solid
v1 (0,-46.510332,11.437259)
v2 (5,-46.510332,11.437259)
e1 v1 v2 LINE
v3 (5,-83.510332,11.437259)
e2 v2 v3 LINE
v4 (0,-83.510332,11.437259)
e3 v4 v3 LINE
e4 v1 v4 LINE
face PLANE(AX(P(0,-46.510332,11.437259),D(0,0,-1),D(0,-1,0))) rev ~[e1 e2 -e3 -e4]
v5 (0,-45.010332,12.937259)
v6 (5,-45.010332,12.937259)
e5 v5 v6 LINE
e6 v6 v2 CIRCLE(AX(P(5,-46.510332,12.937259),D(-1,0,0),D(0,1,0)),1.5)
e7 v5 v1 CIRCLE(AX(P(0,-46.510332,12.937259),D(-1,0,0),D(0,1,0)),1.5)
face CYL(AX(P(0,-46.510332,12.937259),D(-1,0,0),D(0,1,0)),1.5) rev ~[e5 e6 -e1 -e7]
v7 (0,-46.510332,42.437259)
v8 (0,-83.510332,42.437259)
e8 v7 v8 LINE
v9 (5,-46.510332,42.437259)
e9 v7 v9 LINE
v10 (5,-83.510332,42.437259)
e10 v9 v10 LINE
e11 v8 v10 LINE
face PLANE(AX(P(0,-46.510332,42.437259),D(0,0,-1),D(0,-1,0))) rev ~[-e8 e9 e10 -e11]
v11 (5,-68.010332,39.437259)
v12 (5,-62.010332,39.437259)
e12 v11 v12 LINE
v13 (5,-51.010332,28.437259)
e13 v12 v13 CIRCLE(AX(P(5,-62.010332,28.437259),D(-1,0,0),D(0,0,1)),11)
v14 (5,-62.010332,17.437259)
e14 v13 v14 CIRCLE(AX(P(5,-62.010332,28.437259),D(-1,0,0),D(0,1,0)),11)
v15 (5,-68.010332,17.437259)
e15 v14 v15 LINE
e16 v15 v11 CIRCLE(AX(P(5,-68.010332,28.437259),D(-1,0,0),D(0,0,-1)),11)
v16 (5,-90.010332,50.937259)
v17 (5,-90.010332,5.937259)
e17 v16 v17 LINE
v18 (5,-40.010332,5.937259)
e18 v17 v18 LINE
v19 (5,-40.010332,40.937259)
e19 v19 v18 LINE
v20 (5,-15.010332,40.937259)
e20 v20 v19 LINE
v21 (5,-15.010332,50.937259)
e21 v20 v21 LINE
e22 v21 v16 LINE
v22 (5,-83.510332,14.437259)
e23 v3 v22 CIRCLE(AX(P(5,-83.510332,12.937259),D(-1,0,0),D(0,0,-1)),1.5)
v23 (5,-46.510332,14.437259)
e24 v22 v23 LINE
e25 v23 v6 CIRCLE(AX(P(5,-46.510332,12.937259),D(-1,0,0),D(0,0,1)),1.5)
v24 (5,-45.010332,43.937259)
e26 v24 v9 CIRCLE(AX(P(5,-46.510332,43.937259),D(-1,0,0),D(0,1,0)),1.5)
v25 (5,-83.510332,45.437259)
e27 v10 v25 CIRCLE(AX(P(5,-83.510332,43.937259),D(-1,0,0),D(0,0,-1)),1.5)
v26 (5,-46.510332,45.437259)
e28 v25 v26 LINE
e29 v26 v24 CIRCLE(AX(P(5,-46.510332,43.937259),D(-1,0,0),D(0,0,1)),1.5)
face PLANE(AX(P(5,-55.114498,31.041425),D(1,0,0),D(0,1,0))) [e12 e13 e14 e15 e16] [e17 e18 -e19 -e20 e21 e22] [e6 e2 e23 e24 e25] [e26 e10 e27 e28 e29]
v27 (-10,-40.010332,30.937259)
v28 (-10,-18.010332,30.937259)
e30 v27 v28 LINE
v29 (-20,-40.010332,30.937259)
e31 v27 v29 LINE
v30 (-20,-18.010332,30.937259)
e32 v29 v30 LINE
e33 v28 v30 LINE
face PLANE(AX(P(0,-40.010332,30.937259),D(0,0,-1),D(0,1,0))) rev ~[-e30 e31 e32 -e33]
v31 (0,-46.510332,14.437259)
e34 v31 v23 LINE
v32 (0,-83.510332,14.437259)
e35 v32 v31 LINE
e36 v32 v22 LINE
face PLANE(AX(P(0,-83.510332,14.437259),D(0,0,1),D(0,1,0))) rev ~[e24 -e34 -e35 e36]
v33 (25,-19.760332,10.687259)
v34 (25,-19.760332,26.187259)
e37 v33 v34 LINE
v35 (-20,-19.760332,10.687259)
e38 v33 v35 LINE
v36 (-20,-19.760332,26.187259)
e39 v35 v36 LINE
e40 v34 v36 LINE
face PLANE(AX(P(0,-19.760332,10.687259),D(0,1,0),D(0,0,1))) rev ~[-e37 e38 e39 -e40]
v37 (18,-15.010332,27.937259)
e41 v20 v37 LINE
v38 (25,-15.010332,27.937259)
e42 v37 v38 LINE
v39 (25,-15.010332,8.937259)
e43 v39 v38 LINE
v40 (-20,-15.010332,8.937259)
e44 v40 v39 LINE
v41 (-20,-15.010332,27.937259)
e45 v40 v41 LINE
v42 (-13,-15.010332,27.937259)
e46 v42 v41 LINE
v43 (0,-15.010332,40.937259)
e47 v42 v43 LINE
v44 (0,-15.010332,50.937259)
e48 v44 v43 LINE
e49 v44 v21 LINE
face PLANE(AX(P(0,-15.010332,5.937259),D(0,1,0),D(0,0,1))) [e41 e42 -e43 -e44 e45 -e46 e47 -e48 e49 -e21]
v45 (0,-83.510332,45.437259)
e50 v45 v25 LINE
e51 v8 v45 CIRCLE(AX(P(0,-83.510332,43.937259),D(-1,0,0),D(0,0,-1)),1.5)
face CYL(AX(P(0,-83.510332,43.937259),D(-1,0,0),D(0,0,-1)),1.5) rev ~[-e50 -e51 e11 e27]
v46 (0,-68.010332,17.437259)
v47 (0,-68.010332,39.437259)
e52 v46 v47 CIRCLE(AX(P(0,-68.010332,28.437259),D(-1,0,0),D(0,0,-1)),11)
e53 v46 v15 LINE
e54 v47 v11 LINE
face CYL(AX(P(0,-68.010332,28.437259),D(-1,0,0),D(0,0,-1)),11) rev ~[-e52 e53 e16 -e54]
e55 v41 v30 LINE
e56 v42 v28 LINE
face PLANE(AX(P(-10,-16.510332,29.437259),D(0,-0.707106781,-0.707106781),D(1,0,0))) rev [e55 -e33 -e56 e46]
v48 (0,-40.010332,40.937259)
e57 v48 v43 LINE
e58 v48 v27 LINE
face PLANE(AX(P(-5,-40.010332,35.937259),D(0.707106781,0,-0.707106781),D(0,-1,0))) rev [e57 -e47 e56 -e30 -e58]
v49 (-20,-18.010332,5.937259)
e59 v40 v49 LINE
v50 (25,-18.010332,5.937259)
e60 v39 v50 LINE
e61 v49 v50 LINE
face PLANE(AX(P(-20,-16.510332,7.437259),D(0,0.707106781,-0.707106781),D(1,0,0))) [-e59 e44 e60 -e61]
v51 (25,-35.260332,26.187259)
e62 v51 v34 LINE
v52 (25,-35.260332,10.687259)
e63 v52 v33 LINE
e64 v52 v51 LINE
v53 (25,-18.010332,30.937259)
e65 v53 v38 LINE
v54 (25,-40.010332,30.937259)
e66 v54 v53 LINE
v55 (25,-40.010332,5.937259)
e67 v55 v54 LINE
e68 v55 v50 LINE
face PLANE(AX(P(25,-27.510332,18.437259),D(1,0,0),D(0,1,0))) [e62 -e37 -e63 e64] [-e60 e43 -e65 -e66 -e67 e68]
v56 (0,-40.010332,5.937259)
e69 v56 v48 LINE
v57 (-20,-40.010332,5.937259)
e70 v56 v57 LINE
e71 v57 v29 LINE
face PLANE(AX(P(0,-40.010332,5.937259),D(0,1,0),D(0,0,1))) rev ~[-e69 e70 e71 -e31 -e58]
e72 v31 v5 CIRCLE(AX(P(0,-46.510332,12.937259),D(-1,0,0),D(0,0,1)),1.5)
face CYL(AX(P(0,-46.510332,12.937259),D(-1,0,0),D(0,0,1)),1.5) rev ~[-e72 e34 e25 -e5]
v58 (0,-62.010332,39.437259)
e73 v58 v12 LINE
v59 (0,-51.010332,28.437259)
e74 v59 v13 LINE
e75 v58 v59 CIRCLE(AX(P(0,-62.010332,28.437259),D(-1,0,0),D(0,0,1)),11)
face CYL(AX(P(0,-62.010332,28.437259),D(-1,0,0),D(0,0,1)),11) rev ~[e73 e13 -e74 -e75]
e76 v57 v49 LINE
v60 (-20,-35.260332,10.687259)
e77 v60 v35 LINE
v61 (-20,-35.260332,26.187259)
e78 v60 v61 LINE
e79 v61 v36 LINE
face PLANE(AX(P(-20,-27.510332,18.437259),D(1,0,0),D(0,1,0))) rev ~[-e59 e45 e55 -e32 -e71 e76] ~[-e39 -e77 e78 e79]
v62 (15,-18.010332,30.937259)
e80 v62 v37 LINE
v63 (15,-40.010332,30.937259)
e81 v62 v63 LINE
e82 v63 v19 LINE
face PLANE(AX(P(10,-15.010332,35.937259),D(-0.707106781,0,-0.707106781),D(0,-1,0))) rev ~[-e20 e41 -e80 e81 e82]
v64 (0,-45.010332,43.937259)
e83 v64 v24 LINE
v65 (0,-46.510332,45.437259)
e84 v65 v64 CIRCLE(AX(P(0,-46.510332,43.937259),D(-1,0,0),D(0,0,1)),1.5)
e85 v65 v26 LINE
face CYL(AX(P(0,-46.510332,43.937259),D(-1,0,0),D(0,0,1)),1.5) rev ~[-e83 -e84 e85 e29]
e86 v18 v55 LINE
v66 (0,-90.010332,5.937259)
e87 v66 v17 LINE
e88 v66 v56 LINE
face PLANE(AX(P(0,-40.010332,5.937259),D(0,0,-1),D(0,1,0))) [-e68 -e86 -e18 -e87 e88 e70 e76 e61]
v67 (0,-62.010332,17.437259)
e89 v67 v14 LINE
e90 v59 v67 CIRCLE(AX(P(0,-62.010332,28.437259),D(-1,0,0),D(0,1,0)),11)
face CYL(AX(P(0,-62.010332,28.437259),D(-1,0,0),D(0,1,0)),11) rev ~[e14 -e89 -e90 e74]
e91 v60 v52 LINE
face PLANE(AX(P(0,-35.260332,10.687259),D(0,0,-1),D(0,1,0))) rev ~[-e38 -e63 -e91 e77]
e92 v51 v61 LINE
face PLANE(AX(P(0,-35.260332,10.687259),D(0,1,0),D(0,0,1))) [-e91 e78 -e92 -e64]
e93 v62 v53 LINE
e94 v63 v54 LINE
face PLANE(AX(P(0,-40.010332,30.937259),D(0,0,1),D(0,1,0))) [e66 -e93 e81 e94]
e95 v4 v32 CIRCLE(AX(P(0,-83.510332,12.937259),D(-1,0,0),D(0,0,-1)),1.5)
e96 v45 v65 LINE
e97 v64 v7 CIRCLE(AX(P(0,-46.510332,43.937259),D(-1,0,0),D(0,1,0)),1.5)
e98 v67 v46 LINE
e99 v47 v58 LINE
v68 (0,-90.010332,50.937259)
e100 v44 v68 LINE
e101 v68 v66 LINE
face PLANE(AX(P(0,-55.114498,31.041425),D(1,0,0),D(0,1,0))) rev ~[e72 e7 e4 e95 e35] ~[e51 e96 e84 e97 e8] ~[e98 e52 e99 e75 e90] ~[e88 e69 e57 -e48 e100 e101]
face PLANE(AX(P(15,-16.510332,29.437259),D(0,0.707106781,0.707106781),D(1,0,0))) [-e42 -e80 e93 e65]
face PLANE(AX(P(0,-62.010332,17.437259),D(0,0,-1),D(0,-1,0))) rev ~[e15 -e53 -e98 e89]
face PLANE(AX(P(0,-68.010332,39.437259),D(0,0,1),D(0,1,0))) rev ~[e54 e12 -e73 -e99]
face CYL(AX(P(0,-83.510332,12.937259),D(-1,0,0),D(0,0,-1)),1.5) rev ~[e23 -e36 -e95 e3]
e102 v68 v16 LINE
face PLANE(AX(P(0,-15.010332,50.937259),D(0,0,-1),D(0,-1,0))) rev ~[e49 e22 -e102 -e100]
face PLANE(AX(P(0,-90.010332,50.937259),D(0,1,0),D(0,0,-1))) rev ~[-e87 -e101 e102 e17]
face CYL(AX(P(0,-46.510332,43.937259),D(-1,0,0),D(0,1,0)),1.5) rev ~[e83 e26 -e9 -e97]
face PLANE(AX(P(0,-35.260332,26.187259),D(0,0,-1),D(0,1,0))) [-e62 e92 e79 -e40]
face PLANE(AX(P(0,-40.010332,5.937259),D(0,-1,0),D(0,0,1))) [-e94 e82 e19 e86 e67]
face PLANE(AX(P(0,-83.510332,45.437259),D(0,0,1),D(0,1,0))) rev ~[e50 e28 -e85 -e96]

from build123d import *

# Parameters (mm, degrees)
F0_W          = 25
F0_H          = 25
F0_W_2        = 15.5
F0_H_2        = 15.5
F1_DEPTH      = 5
F2_DEPTH      = 25
F2_DEPTH_BACK = 20
F3_SIZE       = 10
F4_SIZE       = 3


with BuildPart() as f1:
    # F0 (on Right) → F1 (new body)
    with BuildSketch(Plane.YZ):
        Polygon((-40.0103315711, 5.9372586757), (-40.0103315711, 30.9372586757), (-15.0103315711, 30.9372586757), (-15.0103315711, 50.9372586757), (-40.0103315711, 50.9372586757), (-90.0103315711, 50.9372586757), (-90.0103315711, 5.9372586757), align=None)
        with BuildLine():
            ThreePointArc((-46.5103315711, 14.4372586757), (-45.4496713993, 13.9979188475), (-45.0103315711, 12.9372586757))
            ThreePointArc((-45.0103315711, 12.9372586757), (-45.4496713993, 11.8765985039), (-46.5103315711, 11.4372586757))
            Line((-46.5103315711, 11.4372586757), (-83.5103315711, 11.4372586757))
            ThreePointArc((-83.5103315711, 11.4372586757), (-85.0103315711, 12.9372586757), (-83.5103315711, 14.4372586757))
            Line((-83.5103315711, 14.4372586757), (-46.5103315711, 14.4372586757))
        make_face(mode=Mode.SUBTRACT)
        with BuildLine():
            ThreePointArc((-62.0103315711, 39.4372586757), (-54.2321569781, 36.2154332687), (-51.0103315711, 28.4372586757))
            ThreePointArc((-51.0103315711, 28.4372586757), (-54.2321569781, 20.6590840826), (-62.0103315711, 17.4372586757))
            Line((-62.0103315711, 17.4372586757), (-68.0103315711, 17.4372586757))
            ThreePointArc((-68.0103315711, 17.4372586757), (-79.0103315711, 28.4372586757), (-68.0103315711, 39.4372586757))
            Line((-68.0103315711, 39.4372586757), (-62.0103315711, 39.4372586757))
        make_face(mode=Mode.SUBTRACT)
        with BuildLine():
            ThreePointArc((-83.5103315711, 42.4372586757), (-85.0103315711, 43.9372586757), (-83.5103315711, 45.4372586757))
            Line((-83.5103315711, 45.4372586757), (-46.5103315711, 45.4372586757))
            ThreePointArc((-46.5103315711, 45.4372586757), (-45.4496713993, 44.9979188475), (-45.0103315711, 43.9372586757))
            ThreePointArc((-45.0103315711, 43.9372586757), (-45.4496713993, 42.8765985039), (-46.5103315711, 42.4372586757))
            Line((-46.5103315711, 42.4372586757), (-83.5103315711, 42.4372586757))
        make_face(mode=Mode.SUBTRACT)
        with Locations((-27.5103315711, 18.4372586757)):
            Rectangle(F0_W, F0_H)
        with Locations((-27.5103315711, 18.4372586757)):
            Rectangle(F0_W_2, F0_H_2, mode=Mode.SUBTRACT)
    extrude(amount=F1_DEPTH)

    # F0 (on Right) → F2 (join, two sides)
    with BuildSketch(Plane.YZ) as f2_sk:
        with Locations((-27.5103315711, 18.4372586757)):
            Rectangle(F0_W, F0_H)
        with Locations((-27.5103315711, 18.4372586757)):
            Rectangle(F0_W_2, F0_H_2, mode=Mode.SUBTRACT)
    extrude(amount=F2_DEPTH)
    extrude(f2_sk.sketch, amount=-F2_DEPTH_BACK)

    # F3
    f3_edges = [f1.edges().sort_by_distance(p)[0] for p in [
        (5, -27.510332, 30.937259),
        (0, -27.510332, 30.937259),
    ]]
    chamfer(f3_edges, length=F3_SIZE)

    # F4
    f4_edges = [f1.edges().sort_by_distance(p)[0] for p in [
        (2.5, -15.010332, 5.937259),
        (-15, -15.010332, 30.937259),
        (20, -15.010332, 30.937259),
    ]]
    chamfer(f4_edges, length=F4_SIZE)


solid = f1.part
